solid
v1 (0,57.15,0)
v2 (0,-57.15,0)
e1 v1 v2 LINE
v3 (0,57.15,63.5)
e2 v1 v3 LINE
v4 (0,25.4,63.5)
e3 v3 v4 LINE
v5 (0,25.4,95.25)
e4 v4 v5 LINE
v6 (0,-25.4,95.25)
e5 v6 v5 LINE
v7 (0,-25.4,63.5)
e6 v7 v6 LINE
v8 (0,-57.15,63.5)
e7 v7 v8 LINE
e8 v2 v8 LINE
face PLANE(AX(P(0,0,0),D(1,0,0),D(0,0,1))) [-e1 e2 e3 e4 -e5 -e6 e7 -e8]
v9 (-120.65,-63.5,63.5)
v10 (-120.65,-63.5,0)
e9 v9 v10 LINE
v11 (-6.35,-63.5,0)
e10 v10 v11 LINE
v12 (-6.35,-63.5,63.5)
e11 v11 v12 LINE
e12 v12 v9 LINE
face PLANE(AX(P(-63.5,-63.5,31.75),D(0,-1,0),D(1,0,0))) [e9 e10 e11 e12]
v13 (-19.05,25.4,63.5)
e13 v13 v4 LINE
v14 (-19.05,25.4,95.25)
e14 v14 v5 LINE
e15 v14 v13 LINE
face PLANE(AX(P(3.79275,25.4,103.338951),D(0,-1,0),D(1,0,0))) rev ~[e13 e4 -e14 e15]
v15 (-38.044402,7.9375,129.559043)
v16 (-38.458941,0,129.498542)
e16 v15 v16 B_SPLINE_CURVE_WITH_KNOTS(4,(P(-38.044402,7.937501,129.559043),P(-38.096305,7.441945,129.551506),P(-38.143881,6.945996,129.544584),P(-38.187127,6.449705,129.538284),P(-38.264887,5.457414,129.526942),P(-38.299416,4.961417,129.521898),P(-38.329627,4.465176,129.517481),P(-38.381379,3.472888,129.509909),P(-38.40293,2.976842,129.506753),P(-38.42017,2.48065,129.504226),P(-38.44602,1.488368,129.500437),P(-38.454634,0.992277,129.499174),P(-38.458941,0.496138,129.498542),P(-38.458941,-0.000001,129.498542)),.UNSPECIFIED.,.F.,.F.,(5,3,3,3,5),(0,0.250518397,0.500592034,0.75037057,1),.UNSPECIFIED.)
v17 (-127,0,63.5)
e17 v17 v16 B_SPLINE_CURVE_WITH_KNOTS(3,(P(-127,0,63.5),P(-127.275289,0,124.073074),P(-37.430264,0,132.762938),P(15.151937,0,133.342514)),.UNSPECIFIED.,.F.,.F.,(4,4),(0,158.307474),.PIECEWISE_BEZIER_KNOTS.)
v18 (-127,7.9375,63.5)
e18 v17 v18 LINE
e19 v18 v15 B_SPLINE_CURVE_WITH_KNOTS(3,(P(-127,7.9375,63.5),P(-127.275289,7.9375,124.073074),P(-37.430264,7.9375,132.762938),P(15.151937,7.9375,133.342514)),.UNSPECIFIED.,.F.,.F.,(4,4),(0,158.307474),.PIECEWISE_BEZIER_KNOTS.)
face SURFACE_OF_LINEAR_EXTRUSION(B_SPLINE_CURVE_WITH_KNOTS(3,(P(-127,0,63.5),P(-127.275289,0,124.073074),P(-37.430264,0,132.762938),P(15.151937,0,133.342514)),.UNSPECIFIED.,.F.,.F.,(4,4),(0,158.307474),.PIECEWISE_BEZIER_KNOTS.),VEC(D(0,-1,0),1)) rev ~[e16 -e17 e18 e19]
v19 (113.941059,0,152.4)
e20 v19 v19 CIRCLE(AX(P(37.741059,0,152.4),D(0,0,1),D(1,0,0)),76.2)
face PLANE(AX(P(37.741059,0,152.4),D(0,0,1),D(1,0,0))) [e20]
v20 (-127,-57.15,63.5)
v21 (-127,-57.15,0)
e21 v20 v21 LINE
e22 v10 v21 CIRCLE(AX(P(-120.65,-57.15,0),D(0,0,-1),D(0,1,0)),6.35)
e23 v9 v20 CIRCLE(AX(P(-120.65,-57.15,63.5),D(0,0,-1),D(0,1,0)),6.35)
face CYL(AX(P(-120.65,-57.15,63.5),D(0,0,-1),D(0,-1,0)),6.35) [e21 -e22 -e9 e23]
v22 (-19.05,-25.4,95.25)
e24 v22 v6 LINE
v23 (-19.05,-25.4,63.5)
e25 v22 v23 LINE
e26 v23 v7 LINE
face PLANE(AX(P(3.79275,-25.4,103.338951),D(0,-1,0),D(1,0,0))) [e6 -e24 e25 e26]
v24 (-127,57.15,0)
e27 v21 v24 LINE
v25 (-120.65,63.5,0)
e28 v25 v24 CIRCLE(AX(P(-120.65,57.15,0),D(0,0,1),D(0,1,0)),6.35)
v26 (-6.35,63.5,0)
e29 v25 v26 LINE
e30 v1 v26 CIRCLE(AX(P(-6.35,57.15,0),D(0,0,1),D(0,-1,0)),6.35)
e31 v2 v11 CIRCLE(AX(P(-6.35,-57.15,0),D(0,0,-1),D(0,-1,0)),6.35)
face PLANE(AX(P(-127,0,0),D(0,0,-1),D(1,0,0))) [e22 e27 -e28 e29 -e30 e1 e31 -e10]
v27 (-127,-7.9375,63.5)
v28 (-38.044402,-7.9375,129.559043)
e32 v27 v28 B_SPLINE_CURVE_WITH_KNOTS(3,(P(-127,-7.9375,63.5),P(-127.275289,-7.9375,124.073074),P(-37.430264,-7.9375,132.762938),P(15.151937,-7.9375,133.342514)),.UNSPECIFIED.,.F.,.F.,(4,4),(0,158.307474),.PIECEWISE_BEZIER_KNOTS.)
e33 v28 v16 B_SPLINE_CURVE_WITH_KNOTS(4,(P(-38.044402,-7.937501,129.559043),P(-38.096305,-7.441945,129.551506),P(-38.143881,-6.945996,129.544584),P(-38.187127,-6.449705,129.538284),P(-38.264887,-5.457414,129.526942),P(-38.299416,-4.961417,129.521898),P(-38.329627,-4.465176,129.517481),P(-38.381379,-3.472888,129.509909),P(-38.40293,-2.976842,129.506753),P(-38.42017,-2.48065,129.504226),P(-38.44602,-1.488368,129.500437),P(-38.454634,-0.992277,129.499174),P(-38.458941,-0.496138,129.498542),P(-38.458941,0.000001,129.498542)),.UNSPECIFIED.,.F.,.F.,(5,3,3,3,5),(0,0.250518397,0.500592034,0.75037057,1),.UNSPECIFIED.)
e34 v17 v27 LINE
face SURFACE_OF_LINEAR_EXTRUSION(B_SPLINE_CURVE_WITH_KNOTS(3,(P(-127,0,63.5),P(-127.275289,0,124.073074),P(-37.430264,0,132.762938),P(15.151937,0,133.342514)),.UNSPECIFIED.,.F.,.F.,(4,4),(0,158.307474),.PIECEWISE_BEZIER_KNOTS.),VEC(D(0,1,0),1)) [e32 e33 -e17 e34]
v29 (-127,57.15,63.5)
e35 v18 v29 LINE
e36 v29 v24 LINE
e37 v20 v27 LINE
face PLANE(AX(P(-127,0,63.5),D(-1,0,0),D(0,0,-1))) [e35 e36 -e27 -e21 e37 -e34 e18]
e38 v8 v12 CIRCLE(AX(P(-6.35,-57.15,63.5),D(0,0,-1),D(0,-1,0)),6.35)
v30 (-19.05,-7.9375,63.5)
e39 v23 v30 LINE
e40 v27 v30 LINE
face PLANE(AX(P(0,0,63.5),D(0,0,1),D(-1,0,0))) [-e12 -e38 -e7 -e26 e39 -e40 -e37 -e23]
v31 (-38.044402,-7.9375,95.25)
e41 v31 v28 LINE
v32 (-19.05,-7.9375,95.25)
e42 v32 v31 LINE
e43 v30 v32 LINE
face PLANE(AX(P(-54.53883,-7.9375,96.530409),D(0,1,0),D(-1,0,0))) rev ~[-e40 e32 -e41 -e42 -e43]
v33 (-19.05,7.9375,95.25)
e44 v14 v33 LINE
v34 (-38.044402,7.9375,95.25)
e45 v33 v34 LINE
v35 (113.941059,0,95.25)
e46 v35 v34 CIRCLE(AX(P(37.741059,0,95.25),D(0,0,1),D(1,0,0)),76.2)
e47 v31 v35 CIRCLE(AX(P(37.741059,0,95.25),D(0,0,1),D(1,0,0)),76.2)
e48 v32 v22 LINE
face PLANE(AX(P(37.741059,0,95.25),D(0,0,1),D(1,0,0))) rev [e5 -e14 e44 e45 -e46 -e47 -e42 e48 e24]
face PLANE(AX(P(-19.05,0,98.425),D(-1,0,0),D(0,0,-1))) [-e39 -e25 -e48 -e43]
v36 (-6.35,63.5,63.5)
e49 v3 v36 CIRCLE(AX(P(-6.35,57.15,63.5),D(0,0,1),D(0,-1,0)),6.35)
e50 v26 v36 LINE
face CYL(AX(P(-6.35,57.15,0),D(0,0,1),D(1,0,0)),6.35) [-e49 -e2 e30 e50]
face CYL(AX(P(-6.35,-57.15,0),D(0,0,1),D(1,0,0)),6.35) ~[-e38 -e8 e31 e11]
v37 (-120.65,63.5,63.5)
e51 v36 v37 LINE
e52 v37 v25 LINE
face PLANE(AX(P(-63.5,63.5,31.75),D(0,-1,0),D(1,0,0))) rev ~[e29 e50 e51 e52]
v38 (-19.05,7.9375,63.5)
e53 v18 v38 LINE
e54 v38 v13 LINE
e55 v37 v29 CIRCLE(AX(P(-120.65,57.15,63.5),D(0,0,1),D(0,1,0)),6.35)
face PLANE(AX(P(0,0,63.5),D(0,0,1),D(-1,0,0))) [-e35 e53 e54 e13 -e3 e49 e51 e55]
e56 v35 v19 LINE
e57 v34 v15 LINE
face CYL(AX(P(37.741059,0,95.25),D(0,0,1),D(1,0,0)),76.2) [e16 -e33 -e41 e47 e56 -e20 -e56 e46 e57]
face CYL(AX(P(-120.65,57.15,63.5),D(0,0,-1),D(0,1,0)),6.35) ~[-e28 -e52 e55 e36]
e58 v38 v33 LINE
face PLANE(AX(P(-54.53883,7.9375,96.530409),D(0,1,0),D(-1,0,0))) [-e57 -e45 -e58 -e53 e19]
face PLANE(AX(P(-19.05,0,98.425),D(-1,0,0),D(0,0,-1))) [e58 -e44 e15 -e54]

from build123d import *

# Parameters (mm, degrees)
F1_DEPTH = 63.5
F0_W     = 19.994952
F0_H     = 19.05
F2_DEPTH = 25.4
F3_DEPTH = 7.9375
F5_R     = 6.35


with BuildPart() as f1:
    # F0 (on Front) → F1 (new body, symmetric)
    with BuildSketch(Plane.XZ):
        Polygon((-127, 0), (0, 0), (0, 63.5), (-19.05, 63.5), (-127, 63.5), align=None)
    extrude(amount=F1_DEPTH, both=True)

    # F0 (on Front) → F2 (join, symmetric)
    with BuildSketch(Plane.XZ):
        with BuildLine():
            Line((-19.05, 63.5), (0, 63.5))
            Line((0, 63.5), (0, 98.425))
            ThreePointArc((0, 98.425), (4.64968, 109.65032), (15.875, 114.3))
            Line((15.875, 114.3), (37.741059, 114.3))
            Line((37.741059, 114.3), (37.741059, 133.35))
            Line((37.741059, 133.35), (15.875, 133.35))
            add(Edge.make_bspline(
                [(15.151937, 133.342514), (15.39375, 133.34518), (15.634775, 133.347673), (15.875, 133.35)],
                knots=[158.307474, 158.307474, 158.307474, 158.307474, 159.035493, 159.035493, 159.035493, 159.035493], degree=3))
            ThreePointArc((15.151937, 133.342514), (-9.075036, 122.863726), (-19.05, 98.425))
            Line((-19.05, 98.425), (-19.05, 63.5))
        make_face()
        with Locations((47.738535, 123.825)):
            Rectangle(F0_W, F0_H)
    extrude(amount=F2_DEPTH, both=True)

    # F0 (on Front) → F3 (join, symmetric)
    with BuildSketch(Plane.XZ):
        with BuildLine():
            add(Edge.make_bspline(
                [(-127, 63.5), (-127.275289, 124.073074), (-37.430264, 132.762938), (15.151937, 133.342514)],
                knots=[0, 0, 0, 0, 158.307474, 158.307474, 158.307474, 158.307474], degree=3))
            Line((-127, 63.5), (-19.05, 63.5))
            Line((-19.05, 63.5), (-19.05, 98.425))
            ThreePointArc((-19.05, 98.425), (-9.075036, 122.863726), (15.151937, 133.342514))
        make_face()
    extrude(amount=F3_DEPTH, both=True)

    # F0 (on Front) → F4 (revolve)
    with BuildSketch(Plane.XZ):
        Polygon((57.736011, 114.3), (37.741059, 114.3), (37.741059, 95.25), (113.941059, 95.25), (113.941059, 152.4), (37.741059, 152.4), (37.741059, 133.35), (57.736011, 133.35), align=None)
    revolve(axis=Axis((37.741059, 0, 123.825), (0, 0, 1)))

    # F5
    f5_edges = [f1.edges().sort_by_distance(p)[0] for p in [
        (-127, -63.5, 31.75),
        (0, -63.5, 31.75),
        (-127, 63.5, 31.75),
        (0, 63.5, 31.75),
    ]]
    fillet(f5_edges, radius=F5_R)


solid = f1.part
